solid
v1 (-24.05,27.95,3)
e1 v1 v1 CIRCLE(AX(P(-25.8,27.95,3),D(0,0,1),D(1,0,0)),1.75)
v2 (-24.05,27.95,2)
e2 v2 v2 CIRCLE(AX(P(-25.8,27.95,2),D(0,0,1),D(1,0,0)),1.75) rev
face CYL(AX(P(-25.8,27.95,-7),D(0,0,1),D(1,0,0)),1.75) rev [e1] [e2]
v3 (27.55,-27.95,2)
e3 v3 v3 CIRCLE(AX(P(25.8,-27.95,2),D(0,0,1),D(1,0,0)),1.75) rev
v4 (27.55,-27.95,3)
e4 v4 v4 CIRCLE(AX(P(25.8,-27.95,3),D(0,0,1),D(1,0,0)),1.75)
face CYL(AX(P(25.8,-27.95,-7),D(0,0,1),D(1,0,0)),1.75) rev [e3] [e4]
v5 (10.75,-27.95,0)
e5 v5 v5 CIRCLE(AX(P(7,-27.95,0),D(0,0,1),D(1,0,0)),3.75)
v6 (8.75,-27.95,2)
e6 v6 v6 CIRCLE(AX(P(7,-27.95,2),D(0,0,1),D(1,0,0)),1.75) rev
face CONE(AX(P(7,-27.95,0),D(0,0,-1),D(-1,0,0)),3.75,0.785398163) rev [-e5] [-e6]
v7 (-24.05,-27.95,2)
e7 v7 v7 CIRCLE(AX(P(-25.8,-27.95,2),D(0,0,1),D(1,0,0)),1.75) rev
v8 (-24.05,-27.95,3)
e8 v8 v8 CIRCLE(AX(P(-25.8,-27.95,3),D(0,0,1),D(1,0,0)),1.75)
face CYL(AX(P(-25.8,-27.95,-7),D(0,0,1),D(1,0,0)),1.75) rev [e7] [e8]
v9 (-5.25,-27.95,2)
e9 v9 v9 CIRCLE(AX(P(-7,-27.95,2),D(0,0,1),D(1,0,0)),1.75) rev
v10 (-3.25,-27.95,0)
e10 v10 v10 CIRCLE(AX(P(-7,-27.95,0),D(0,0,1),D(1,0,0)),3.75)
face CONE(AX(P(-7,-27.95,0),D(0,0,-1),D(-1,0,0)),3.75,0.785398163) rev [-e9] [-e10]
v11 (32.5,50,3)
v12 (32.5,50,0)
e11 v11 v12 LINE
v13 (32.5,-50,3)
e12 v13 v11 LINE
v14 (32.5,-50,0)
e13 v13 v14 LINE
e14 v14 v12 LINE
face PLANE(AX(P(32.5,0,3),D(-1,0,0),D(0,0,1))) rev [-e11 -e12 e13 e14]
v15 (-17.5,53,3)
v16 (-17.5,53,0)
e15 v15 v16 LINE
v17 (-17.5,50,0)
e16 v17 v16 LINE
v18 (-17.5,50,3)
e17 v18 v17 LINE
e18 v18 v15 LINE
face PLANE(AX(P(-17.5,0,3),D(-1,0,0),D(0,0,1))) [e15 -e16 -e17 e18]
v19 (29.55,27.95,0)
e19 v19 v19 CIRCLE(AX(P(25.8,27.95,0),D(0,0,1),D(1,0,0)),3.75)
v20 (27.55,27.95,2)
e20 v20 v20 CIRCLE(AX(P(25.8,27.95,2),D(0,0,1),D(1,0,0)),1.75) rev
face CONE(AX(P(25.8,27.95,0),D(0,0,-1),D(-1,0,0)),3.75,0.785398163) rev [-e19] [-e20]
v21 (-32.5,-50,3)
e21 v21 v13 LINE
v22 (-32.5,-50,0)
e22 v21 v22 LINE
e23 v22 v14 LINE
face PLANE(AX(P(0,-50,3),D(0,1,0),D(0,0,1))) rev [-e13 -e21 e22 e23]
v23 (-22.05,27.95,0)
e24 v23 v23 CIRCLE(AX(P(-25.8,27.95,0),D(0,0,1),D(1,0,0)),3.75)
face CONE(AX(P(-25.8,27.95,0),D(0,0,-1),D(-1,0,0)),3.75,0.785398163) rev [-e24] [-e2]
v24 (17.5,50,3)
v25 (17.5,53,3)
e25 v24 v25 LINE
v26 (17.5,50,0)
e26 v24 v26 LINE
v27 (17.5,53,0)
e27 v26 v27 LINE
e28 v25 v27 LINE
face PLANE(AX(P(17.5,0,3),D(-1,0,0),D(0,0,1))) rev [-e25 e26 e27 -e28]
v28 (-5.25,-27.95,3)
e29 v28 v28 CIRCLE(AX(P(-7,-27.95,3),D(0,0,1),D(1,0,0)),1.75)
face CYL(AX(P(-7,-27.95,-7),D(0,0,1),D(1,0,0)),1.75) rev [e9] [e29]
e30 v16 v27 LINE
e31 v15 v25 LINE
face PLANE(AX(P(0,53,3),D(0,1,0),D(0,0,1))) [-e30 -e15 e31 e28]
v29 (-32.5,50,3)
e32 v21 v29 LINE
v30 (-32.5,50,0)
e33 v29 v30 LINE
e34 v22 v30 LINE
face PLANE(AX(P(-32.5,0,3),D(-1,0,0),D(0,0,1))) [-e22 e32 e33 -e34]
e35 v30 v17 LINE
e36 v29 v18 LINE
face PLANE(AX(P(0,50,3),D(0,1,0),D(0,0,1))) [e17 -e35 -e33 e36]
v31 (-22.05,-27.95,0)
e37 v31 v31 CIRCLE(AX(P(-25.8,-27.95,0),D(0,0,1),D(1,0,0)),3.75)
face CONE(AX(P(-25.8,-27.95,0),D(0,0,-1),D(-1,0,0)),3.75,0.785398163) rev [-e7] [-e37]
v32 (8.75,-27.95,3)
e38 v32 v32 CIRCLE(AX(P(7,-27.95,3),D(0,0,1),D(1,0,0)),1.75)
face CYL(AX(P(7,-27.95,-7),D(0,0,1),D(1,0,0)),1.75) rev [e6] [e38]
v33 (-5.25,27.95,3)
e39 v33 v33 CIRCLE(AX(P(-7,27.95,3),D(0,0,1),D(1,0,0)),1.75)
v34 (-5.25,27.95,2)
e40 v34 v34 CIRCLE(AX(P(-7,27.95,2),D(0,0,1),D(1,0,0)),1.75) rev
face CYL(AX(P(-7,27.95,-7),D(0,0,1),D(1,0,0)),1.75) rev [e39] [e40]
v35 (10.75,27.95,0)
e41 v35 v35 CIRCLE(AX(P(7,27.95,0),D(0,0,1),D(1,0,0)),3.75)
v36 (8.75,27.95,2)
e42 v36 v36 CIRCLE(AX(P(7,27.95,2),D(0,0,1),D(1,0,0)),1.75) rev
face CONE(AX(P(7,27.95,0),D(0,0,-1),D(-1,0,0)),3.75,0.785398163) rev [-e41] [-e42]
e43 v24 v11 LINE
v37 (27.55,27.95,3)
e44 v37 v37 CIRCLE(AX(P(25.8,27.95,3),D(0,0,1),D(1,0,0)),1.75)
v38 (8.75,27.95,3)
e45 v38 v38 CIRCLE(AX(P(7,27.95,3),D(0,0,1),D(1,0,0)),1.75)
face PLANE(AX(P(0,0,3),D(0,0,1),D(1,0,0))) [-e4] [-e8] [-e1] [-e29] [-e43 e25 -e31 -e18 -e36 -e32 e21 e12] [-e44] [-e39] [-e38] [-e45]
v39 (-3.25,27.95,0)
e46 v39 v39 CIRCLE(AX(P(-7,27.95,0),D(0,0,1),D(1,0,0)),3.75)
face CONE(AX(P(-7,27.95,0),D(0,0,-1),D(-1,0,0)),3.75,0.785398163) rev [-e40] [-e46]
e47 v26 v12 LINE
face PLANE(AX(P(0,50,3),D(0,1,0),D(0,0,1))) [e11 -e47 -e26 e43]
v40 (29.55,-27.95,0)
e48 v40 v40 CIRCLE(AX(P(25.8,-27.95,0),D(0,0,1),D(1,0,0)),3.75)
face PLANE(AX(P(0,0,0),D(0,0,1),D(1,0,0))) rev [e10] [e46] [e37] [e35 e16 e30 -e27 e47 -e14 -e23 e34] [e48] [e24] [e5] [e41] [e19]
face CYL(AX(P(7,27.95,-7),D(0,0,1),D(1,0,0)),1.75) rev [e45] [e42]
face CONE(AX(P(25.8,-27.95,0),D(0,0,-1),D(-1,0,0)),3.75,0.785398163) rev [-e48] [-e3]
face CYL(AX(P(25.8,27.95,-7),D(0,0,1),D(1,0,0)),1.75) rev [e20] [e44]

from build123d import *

# Parameters (mm, degrees)
SKETCH_1_W          = 35
SKETCH_1_H          = 3
EXTRUDE_1_DEPTH     = 3
SKETCH_2_R          = 1.75
CUT_EXTRUDE_1_DEPTH = 10
CHAMFER_1_SIZE      = 2


with BuildPart() as part:
    # Эскиз1 → Бобышка-Вытянуть1 (new body)
    with BuildSketch(Plane.XY):
        Polygon((-32.5, 50), (-32.5, -50), (32.5, -50), (32.5, 50), (17.5, 50), (17.5, 47), (-17.5, 47), (-17.5, 50), align=None)
        with Locations((0, 48.5)):
            Rectangle(SKETCH_1_W, SKETCH_1_H)
        with Locations((0, 51.5)):
            Rectangle(SKETCH_1_W, SKETCH_1_H)
    extrude(amount=EXTRUDE_1_DEPTH)

    # Эскиз2 → Вырез-Вытянуть1 (cut)
    with BuildSketch(Plane.XY.offset(3)):
        with Locations((-25.8, 27.95)):
            Circle(SKETCH_2_R)
        with Locations((-7, 27.95)):
            Circle(SKETCH_2_R)
        with Locations((7, 27.95)):
            Circle(SKETCH_2_R)
        with Locations((25.8, 27.95)):
            Circle(SKETCH_2_R)
        with Locations((-25.8, -27.95)):
            Circle(SKETCH_2_R)
        with Locations((-7, -27.95)):
            Circle(SKETCH_2_R)
        with Locations((7, -27.95)):
            Circle(SKETCH_2_R)
        with Locations((25.8, -27.95)):
            Circle(SKETCH_2_R)
    extrude(amount=-CUT_EXTRUDE_1_DEPTH, mode=Mode.SUBTRACT)

    # Фаска1
    chamfer_1_edges = [part.edges().sort_by_distance(p)[0] for p in [
        (-27.55, -27.95, 0),
        (24.05, 27.95, 0),
        (5.25, 27.95, 0),
        (-8.75, 27.95, 0),
        (-8.75, -27.95, 0),
        (5.25, -27.95, 0),
        (24.05, -27.95, 0),
        (-27.55, 27.95, 0),
    ]]
    chamfer(chamfer_1_edges, length=CHAMFER_1_SIZE)


solid = part.part
